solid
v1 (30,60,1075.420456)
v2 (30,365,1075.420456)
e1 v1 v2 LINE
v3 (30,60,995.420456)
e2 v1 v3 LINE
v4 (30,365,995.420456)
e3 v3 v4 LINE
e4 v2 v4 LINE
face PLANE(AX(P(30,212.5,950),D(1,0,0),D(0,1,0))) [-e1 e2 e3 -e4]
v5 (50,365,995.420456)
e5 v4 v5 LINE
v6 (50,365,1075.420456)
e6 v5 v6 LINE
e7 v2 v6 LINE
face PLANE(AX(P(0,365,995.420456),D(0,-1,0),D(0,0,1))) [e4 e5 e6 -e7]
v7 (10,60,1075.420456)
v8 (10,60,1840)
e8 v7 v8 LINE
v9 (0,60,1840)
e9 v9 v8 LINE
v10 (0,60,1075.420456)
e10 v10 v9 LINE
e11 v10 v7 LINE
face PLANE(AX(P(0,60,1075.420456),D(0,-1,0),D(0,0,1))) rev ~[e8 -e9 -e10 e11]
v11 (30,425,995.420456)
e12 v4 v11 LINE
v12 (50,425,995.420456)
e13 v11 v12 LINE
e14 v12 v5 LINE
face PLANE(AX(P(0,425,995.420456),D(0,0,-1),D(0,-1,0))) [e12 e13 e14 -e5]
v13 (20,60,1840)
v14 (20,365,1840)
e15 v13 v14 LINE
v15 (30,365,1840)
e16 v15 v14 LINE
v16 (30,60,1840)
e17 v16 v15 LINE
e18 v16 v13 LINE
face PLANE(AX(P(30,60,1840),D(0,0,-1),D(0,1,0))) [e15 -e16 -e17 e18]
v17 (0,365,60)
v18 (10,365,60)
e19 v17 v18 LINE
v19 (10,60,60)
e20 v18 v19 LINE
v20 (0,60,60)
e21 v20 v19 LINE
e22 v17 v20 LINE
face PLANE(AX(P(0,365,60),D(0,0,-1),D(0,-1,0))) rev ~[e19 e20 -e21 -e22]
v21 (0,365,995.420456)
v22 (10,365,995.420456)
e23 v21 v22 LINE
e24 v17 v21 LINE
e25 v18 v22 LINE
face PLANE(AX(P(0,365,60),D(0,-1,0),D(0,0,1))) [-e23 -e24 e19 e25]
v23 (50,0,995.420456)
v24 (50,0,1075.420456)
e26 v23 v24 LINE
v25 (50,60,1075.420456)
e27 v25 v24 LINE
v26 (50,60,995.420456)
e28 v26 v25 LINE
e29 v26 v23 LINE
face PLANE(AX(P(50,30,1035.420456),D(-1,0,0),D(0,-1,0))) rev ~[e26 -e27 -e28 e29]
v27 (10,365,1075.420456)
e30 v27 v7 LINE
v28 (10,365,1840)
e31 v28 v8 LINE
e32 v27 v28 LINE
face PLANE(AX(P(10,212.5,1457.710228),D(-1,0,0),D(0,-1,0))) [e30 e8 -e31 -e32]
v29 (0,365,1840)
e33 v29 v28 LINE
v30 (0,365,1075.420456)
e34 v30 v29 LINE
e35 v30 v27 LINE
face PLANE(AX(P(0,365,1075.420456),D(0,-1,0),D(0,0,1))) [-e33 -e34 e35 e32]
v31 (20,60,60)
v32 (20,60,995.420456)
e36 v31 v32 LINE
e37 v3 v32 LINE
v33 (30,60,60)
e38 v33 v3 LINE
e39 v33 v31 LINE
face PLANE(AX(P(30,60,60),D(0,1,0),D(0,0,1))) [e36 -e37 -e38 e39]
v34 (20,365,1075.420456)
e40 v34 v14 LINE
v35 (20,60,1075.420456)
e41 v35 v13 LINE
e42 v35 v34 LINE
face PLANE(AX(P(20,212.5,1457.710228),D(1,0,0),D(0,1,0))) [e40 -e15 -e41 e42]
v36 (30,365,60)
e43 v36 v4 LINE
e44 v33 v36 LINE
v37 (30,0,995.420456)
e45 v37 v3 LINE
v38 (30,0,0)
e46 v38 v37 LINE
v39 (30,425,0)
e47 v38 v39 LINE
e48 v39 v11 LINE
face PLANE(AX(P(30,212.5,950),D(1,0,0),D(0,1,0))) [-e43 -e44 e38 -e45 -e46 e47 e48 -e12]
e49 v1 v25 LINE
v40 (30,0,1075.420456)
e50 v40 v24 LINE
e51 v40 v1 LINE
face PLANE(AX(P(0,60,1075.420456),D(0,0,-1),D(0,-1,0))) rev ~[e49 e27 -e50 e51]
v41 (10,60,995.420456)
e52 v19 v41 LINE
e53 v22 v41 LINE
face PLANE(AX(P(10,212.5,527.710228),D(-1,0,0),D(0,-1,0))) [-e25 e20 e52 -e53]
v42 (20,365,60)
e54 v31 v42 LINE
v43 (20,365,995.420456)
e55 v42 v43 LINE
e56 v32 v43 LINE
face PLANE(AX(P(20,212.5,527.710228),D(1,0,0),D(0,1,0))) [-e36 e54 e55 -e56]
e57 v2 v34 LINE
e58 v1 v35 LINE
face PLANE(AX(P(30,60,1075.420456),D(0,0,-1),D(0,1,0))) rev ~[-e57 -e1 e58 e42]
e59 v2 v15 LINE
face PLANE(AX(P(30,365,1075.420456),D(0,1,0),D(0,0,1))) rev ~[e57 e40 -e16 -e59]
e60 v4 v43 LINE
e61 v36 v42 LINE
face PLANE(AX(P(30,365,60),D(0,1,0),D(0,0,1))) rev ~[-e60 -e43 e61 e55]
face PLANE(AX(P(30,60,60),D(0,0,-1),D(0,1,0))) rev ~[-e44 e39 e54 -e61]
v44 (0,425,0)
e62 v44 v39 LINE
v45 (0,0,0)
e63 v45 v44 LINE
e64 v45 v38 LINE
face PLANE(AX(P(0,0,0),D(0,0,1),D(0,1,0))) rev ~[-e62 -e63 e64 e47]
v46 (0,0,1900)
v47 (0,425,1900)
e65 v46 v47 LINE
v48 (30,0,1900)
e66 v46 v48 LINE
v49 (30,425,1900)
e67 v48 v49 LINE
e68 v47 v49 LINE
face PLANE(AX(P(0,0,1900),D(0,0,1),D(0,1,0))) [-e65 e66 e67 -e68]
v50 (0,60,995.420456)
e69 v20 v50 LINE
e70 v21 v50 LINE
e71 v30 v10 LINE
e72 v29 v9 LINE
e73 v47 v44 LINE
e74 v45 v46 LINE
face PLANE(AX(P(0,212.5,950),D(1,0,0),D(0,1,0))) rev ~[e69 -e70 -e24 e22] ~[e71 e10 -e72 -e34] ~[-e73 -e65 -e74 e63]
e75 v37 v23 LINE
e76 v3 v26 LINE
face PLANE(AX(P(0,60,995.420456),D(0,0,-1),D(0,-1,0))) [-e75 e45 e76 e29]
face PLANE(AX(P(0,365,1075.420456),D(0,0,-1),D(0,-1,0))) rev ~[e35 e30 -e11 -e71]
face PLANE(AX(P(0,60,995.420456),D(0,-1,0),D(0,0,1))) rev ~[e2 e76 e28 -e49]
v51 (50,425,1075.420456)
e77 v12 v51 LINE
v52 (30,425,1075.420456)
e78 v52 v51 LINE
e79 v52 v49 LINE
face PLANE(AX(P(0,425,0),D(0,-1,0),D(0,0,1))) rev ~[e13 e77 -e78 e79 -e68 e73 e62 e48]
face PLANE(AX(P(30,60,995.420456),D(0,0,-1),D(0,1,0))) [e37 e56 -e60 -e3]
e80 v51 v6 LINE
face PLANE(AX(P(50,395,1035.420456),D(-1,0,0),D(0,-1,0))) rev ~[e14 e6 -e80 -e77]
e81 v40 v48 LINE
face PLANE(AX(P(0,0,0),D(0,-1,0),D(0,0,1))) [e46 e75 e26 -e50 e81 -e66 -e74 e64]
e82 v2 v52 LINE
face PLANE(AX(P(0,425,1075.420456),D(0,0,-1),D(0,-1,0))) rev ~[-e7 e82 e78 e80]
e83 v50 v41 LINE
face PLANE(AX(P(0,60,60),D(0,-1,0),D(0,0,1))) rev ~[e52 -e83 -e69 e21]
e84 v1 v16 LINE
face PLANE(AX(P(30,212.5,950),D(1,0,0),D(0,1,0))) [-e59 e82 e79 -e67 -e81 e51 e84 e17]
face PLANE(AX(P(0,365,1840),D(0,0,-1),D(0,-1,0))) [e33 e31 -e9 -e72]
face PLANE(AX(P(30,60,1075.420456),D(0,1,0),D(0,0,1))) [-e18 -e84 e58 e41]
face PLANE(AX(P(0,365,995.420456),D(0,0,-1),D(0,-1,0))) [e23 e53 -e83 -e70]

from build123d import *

# Parameters (mm, degrees)
F0_W     = 425
F0_H     = 1900
F1_DEPTH = 30
F2_W     = 305
F2_H     = 764.579544
F2_H_2   = 935.420456
F3_DEPTH = 10
F4_W     = 305
F4_H     = 764.579544
F4_H_2   = 935.420456
F5_DEPTH = 10
F6_W     = 60
F6_H     = 80
F7_DEPTH = 50


with BuildPart() as f1:
    # F0 (on Right) → F1 (new body)
    with BuildSketch(Plane.YZ):
        with Locations((212.5, 950)):
            Rectangle(F0_W, F0_H)
    extrude(amount=F1_DEPTH)

    # F2 (on face) → F3 (cut)
    with BuildSketch(Plane.YZ.offset(30)):
        with Locations((212.5, 1457.710228)):
            Rectangle(F2_W, F2_H)
        with Locations((212.5, 527.710228)):
            Rectangle(F2_W, F2_H_2)
    extrude(amount=-F3_DEPTH, mode=Mode.SUBTRACT)

    # F4 (on face) → F5 (cut)
    with BuildSketch(Plane(origin=(0, 0, 0), x_dir=(0, -1, 0), z_dir=(-1, 0, 0))):
        with Locations((-212.5, 1457.710228)):
            Rectangle(F4_W, F4_H)
        with Locations((-212.5, 527.710228)):
            Rectangle(F4_W, F4_H_2)
    extrude(amount=-F5_DEPTH, mode=Mode.SUBTRACT)

    # F6 (on face) → F7 (join)
    with BuildSketch(Plane(origin=(0, 0, 0), x_dir=(0, -1, 0), z_dir=(-1, 0, 0))):
        with Locations((-395, 1035.420456)):
            Rectangle(F6_W, F6_H)
        with Locations((-30, 1035.420456)):
            Rectangle(F6_W, F6_H)
    extrude(amount=-F7_DEPTH)


solid = f1.part
